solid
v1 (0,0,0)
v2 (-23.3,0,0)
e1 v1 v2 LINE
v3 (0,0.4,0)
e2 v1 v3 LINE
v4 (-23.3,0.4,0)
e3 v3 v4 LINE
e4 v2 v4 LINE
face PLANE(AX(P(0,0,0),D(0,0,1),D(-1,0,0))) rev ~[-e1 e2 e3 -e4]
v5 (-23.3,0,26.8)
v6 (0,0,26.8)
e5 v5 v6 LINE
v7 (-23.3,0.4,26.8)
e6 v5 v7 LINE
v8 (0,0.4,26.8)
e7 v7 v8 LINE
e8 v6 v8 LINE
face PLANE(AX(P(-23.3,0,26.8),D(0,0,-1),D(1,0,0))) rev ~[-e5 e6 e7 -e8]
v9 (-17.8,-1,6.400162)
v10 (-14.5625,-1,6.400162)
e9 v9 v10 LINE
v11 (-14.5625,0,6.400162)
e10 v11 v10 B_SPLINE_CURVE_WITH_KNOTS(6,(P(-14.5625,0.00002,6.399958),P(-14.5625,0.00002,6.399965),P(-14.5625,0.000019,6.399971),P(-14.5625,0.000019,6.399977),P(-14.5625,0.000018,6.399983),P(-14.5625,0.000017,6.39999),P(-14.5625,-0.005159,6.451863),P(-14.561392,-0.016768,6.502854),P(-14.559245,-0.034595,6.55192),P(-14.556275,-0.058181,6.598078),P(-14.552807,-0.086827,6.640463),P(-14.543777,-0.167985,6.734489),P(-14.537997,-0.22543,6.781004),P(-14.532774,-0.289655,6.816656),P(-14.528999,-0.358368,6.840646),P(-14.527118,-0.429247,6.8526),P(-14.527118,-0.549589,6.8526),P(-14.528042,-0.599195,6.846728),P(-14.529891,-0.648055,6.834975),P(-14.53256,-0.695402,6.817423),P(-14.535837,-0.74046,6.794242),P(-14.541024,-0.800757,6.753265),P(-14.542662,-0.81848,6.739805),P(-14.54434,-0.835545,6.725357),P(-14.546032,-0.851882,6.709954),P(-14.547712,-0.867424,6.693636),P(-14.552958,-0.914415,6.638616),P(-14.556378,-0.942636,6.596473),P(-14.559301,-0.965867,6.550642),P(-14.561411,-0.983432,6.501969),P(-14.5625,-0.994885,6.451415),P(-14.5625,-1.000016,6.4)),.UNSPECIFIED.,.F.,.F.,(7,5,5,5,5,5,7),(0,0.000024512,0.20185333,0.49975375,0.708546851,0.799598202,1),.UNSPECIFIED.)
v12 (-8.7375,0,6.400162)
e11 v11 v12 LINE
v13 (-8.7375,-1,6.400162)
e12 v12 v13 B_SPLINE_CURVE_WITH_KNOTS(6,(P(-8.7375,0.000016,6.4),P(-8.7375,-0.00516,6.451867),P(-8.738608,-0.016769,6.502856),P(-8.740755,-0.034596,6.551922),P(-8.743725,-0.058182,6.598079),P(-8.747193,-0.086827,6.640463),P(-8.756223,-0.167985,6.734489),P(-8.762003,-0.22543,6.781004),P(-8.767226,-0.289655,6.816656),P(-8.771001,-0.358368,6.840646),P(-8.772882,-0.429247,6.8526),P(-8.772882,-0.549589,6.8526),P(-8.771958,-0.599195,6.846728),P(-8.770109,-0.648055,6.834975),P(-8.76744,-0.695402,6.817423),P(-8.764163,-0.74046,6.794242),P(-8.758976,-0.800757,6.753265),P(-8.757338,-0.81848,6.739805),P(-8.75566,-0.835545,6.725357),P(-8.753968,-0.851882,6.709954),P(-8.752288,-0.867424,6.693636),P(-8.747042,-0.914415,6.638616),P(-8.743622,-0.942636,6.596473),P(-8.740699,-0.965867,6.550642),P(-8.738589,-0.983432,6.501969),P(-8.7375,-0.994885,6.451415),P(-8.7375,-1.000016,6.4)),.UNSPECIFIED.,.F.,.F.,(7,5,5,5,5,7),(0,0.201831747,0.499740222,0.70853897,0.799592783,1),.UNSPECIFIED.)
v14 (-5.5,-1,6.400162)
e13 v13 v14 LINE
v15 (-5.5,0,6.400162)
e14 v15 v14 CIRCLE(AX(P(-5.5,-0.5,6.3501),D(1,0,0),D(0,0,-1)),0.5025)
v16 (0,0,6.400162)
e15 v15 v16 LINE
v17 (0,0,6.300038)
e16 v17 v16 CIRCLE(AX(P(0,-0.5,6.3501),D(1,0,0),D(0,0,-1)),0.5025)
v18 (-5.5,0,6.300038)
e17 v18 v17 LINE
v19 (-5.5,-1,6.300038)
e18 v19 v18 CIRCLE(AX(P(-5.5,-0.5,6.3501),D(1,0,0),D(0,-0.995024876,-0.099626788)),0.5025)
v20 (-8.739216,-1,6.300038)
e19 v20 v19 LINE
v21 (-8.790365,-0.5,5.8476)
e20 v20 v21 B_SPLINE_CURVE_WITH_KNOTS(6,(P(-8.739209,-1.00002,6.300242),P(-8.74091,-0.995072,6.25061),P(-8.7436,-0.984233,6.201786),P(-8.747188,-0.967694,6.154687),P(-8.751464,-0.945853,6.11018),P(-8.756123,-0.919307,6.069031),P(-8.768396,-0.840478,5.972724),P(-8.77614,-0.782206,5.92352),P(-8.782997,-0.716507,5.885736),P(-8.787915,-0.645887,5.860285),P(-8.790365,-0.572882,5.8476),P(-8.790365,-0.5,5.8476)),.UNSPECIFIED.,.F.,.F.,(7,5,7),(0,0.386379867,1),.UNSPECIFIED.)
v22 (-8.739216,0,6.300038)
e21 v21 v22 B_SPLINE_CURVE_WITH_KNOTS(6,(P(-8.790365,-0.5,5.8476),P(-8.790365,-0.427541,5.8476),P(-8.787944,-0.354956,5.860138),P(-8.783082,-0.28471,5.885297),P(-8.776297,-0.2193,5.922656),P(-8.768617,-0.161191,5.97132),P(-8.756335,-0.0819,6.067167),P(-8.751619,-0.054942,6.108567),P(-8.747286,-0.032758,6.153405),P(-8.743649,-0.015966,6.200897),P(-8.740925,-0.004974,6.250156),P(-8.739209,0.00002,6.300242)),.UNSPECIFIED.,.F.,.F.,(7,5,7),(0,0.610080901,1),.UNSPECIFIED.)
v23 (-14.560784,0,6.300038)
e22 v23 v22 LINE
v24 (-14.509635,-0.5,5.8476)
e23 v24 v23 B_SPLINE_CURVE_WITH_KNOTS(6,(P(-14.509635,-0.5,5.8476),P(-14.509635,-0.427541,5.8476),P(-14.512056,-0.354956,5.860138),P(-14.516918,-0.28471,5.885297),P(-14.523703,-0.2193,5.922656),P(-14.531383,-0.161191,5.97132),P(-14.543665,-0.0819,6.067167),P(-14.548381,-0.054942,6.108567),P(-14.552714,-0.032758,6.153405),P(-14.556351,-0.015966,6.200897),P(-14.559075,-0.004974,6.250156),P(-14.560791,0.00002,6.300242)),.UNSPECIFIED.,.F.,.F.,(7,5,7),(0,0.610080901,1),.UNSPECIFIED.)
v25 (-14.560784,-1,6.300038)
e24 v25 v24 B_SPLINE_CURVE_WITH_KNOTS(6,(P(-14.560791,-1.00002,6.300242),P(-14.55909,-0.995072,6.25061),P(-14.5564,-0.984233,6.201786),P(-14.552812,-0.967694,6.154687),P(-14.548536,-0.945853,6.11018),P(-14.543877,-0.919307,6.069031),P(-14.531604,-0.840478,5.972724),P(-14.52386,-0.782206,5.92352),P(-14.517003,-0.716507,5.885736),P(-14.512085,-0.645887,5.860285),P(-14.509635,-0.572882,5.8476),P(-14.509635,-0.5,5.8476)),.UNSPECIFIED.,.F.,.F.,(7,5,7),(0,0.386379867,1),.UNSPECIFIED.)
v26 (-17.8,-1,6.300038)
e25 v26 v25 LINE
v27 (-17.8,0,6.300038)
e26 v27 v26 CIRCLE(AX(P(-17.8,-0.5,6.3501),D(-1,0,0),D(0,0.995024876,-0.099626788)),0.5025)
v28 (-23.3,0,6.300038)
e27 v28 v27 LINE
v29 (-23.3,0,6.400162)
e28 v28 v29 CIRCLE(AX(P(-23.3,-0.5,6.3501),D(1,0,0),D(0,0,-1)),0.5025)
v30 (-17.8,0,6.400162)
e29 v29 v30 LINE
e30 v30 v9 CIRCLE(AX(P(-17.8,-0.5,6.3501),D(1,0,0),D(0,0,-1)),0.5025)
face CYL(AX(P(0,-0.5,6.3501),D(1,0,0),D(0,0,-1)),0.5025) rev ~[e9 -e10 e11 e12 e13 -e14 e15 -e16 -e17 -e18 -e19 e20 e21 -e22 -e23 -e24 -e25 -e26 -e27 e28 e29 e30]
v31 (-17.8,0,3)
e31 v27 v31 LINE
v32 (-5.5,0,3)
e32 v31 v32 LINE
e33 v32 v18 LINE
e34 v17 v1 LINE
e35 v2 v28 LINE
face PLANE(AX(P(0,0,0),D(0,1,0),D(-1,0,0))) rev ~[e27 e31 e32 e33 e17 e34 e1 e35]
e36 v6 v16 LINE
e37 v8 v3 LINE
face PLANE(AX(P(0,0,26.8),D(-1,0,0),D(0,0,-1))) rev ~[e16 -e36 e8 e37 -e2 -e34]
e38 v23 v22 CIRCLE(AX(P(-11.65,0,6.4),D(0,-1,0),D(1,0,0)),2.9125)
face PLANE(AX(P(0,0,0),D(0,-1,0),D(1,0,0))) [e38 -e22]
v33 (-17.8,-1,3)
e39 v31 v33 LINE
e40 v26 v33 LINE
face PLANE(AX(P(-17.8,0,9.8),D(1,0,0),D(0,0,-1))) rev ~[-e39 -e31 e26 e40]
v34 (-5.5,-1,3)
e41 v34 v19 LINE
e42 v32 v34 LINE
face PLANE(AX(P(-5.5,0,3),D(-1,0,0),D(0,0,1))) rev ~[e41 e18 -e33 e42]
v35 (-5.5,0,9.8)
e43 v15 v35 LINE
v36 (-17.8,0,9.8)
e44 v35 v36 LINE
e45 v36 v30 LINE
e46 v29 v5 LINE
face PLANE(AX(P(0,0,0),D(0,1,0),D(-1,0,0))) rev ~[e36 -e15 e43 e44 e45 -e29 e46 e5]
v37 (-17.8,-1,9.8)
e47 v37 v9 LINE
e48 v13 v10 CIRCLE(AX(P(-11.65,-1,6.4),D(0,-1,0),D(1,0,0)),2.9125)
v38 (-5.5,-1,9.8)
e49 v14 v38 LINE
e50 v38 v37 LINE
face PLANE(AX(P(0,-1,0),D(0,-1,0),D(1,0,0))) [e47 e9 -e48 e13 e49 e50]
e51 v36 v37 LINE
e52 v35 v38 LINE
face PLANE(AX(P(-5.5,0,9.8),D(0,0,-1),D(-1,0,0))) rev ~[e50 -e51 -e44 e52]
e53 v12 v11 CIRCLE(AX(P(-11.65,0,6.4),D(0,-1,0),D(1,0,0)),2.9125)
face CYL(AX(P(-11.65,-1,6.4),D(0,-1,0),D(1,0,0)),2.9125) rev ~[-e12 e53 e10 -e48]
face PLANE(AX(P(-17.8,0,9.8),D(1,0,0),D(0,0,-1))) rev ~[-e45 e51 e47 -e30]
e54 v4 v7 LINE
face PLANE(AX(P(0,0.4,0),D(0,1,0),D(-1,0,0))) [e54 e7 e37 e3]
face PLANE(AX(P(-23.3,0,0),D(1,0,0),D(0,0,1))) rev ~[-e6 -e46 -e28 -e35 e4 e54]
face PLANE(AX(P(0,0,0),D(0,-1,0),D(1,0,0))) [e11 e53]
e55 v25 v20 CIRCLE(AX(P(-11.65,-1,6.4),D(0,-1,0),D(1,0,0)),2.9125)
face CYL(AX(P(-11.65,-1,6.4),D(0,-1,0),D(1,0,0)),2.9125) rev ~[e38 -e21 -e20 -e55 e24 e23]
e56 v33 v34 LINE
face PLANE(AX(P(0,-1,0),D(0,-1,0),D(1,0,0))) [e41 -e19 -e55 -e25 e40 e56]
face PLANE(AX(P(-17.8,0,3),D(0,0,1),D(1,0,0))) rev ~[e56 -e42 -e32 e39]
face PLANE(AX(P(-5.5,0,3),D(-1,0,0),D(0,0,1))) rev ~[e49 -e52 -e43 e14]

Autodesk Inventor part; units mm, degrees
ref_plane "YZ Plane" through (0, 0, 0) normal (1, 0, 0) x (0, 1, 0)
ref_plane "XZ Plane" through (0, 0, 0) normal (0, 1, 0) x (-1, 0, 0)
ref_plane "XY Plane" through (0, 0, 0) normal (0, 0, 1) x (1, 0, 0)
sketch "Skizze1" plane through (0, 0, 0) normal (0, 1, 0) x (-1, 0, 0)
  line L0 (0, 0) -> (23.3, 0)
  line L1 (23.3, 0) -> (23.3, 26.8)
  line L2 (23.3, 26.8) -> (0, 26.8)
  line L3 (0, 26.8) -> (0, 0)
  dimension "d0" = 23.3
  dimension "d1" = 26.8
extrude "Extrusion1" add sketch "Skizze1" along normal blind 0.4
sketch "Skizze2" plane through (0, 0, 0) normal (0, -1, 0) x (1, 0, 0)
  line L0 (0, 0) -> (-23.3, 0) projected
  line L1 (0, 26.8) -> (0, 0) projected
  line L2 (-23.3, 26.8) -> (0, 26.8) projected
  line L3 (-23.3, 0) -> (-23.3, 26.8) projected
  line L4 (-17.8, 3) -> (-5.5, 3)
  line L5 (-5.5, 3) -> (-5.5, 9.8)
  line L6 (-5.5, 9.8) -> (-17.8, 9.8)
  line L7 (-17.8, 9.8) -> (-17.8, 3)
  dimension "d4" = 3
  dimension "d5" = 17
  dimension "d6" = 5.5
  dimension "d7" = 5.5
extrude "Extrusion2" add sketch "Skizze2" along normal blind 1 contours L7 L6 L5 L4
sketch "Skizze3" plane through (0, -1, 0) normal (0, -1, 0) x (1, 0, 0)
  line L0 (-17.8, 3) -> (-5.5, 3) projected
  line L1 (-5.5, 3) -> (-5.5, 9.8) projected
  line L2 (-5.5, 9.8) -> (-17.8, 9.8) projected
  line L3 (-17.8, 9.8) -> (-17.8, 3) projected
  circle A0 centre (-11.65, 6.4) radius 2.9125
  point P0 (0, 0)
extrude "Extrusion3" cut sketch "Skizze3" against normal blind 1 contours A0
ref_plane "Work Plane1" through (-11.65, 0, 0) normal (-1, 0, 0) x (0, 0, 1)
sketch "Sketch5" plane through (0, 0, 26.8) normal (1, 0, 0) x (0, 0, -1)
  line L0 (23.3125, -1) -> (23.3125, 0) projected
  line L1 (17.4875, -1) -> (17.4875, 0) projected
  circle A0 centre (20.4499, -0.5) radius 0.5025
  point P0 (26.8, 0)
extrude "Extrusion5" cut sketch "Sketch5" against normal through all
ref_plane "Work Plane3" through (-52.1328, -19.1011, -24.6499) normal (0, 1, 0) x (1, 0, 0)
sketch "Sketch6" plane through (-52.1328, -19.1011, -24.6499) normal (0, 1, 0) x (1, 0, 0)
  line L0 (46.6328, -31.0499) -> (52.1328, -31.0499) construction
  line L1 (52.1328, -51.4499) -> (52.1328, -31.0499) construction
  line L2 (28.8328, -51.4499) -> (52.1328, -51.4499) construction
  line L3 (28.8328, -31.0499) -> (28.8328, -51.4499) construction
  line L4 (28.8328, -31.0499) -> (34.3328, -31.0499) construction
  line L5 (34.3328, -31.0499) -> (34.3328, -34.4499) construction
  line L6 (34.3328, -34.4499) -> (46.6328, -34.4499) construction
  line L7 (46.6328, -34.4499) -> (46.6328, -31.0499) construction
  line L8 (6.9828, -36.0499) -> (6.9828, 22.8301) construction
  line L9 (46.6328, -31.5025) -> (34.3328, -31.5025) construction
  line L10 (-16.7355, -31.5025) -> (-33.6581, -41.2728) construction
  line L11 (-33.6581, -41.2728) -> (-33.6581, -21.7322) construction
  line L12 (-33.6581, -21.7322) -> (-16.7355, -31.5025) construction
  point P0 (52.1328, -24.6499)
  point P1 (-28.0172, -31.5025)
  dimension "d16" = 35
properties part number "02_Nanoscopy_Chip"
